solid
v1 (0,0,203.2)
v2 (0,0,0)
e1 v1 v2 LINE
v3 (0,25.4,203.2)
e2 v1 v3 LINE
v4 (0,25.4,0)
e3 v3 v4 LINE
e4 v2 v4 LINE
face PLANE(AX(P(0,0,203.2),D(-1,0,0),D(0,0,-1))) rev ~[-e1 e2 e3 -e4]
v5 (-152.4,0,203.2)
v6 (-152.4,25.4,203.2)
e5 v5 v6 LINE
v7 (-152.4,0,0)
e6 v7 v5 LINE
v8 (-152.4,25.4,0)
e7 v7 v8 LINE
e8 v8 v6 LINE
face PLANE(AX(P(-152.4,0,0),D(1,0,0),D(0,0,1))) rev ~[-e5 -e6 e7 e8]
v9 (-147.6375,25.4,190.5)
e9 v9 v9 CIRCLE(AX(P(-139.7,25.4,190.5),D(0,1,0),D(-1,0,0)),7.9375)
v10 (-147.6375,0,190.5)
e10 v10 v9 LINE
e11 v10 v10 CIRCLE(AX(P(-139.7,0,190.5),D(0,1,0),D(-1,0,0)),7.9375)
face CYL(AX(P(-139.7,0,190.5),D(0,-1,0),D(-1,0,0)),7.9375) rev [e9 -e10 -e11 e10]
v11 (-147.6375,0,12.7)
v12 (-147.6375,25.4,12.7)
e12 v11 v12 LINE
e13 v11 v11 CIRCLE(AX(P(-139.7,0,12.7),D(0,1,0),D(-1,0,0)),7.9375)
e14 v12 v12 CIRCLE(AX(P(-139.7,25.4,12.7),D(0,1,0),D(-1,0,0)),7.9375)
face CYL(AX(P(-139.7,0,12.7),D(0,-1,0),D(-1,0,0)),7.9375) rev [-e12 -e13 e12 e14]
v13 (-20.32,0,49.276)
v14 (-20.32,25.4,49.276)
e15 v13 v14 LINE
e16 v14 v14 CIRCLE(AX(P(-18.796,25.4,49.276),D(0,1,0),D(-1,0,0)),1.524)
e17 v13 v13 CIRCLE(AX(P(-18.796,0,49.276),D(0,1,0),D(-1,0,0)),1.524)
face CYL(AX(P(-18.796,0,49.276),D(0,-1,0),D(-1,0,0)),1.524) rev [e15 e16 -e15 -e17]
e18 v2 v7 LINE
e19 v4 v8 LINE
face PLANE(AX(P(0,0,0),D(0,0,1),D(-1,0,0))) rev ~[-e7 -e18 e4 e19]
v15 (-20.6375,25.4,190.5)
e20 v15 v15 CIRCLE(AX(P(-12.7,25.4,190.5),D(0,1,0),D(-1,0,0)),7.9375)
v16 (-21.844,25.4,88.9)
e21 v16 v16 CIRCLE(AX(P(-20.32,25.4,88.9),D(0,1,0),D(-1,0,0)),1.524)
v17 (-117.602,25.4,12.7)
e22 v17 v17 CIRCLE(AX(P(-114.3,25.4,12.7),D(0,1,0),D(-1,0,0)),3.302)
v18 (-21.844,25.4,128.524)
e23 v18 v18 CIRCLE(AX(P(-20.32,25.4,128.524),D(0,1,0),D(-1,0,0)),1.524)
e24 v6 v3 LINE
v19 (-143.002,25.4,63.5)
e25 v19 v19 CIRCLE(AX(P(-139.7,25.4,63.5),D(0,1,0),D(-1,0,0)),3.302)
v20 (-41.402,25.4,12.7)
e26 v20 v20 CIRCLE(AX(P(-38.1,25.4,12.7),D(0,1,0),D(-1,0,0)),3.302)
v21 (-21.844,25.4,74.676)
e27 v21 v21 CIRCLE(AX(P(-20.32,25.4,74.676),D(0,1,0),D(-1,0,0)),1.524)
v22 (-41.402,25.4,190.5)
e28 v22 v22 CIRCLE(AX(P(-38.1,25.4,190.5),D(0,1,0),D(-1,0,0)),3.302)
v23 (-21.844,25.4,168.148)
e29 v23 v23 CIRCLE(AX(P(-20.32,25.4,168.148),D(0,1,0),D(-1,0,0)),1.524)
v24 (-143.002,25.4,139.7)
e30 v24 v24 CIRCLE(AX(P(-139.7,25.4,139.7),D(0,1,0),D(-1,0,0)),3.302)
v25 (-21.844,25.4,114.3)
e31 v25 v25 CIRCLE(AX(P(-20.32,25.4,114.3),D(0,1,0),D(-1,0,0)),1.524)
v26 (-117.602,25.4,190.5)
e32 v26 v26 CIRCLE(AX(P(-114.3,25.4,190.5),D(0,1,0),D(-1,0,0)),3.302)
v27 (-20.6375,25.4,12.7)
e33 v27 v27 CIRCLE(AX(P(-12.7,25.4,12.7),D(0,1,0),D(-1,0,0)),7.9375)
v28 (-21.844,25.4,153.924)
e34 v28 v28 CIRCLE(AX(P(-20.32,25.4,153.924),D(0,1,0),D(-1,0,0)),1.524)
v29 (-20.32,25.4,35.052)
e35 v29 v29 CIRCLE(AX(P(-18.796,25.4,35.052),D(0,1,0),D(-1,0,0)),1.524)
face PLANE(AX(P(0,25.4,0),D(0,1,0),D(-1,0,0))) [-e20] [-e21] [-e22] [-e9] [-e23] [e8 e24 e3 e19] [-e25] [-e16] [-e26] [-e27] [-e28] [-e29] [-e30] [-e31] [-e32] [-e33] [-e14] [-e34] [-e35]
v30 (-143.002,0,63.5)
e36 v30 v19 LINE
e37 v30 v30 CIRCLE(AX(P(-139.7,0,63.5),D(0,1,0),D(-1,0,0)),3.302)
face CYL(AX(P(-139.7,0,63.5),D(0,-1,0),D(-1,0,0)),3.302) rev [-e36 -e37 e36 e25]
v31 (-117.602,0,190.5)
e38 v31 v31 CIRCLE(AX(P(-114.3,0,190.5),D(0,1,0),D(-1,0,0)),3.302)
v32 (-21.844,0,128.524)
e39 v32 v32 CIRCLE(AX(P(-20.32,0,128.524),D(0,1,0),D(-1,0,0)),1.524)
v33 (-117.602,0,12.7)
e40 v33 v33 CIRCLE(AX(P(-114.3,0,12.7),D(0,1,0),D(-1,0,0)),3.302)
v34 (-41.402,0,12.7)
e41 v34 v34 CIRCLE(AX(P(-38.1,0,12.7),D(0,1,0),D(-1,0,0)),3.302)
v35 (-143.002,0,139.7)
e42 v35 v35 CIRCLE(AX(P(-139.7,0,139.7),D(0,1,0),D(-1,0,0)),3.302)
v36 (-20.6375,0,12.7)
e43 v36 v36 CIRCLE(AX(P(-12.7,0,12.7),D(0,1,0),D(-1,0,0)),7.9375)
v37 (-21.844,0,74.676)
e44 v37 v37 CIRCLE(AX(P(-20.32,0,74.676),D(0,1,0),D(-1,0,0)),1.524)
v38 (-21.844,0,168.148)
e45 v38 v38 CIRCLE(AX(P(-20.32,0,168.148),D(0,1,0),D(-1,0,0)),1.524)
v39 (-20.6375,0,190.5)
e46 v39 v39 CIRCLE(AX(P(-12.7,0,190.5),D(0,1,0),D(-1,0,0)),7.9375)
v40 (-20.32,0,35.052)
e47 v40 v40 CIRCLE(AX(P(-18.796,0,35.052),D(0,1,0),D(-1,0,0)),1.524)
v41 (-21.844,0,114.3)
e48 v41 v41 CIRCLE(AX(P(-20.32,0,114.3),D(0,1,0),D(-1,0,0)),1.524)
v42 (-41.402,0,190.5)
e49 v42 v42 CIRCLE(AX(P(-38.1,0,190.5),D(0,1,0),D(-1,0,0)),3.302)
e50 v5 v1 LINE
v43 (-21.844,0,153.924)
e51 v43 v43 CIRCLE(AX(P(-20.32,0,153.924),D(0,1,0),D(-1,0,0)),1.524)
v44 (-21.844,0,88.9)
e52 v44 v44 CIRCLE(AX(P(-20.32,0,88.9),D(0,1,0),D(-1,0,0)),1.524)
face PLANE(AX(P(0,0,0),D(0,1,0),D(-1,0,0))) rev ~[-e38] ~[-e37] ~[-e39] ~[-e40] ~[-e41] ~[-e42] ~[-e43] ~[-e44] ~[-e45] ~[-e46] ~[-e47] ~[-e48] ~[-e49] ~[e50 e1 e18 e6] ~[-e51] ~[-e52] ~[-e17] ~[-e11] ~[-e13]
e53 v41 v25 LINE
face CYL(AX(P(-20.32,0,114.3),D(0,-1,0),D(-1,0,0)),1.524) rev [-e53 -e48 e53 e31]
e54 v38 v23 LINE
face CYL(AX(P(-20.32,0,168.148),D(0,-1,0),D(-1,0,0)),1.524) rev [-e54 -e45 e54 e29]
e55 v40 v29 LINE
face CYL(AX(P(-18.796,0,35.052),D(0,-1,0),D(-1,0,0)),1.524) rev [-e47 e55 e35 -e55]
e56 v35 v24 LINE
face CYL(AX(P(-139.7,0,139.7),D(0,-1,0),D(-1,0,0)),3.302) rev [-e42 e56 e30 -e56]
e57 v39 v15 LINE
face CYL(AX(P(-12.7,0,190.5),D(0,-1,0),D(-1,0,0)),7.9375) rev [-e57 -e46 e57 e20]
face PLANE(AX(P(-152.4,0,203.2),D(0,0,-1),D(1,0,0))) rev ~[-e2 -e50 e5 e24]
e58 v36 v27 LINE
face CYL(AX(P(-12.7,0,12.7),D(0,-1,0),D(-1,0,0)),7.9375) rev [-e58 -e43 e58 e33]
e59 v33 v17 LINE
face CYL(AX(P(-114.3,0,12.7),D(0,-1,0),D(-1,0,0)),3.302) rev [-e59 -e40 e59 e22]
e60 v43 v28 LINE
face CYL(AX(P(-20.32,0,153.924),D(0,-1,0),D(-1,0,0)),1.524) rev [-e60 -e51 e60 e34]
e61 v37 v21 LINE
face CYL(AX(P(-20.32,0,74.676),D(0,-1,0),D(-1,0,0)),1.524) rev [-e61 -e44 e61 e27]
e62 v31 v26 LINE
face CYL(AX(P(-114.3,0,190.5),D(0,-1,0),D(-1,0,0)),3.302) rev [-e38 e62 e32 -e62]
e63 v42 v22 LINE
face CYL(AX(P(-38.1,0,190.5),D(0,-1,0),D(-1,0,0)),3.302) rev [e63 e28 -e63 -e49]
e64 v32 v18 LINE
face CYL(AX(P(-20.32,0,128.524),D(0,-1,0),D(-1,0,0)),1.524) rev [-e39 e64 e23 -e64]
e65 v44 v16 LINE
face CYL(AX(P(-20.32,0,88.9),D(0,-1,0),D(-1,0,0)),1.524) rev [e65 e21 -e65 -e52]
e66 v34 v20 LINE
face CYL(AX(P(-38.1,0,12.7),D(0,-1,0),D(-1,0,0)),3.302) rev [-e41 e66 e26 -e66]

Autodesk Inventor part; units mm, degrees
ref_plane "YZ Plane" through (0, 0, 0) normal (1, 0, 0) x (0, 1, 0)
ref_plane "XZ Plane" through (0, 0, 0) normal (0, 1, 0) x (-1, 0, 0)
ref_plane "XY Plane" through (0, 0, 0) normal (0, 0, 1) x (1, 0, 0)
sketch "Sketch1" plane through (0, 0, 0) normal (0, 1, 0) x (-1, 0, 0)
  line L0 (0, 0) -> (152.4, 0)
  line L1 (152.4, 0) -> (152.4, 203.2)
  line L2 (152.4, 203.2) -> (0, 203.2)
  line L3 (0, 203.2) -> (0, 0)
  circle A0 centre (12.7, 190.5) radius 7.9375
  circle A1 centre (139.7, 190.5) radius 7.9375
  circle A2 centre (139.7, 12.7) radius 7.9375
  circle A3 centre (12.7, 12.7) radius 7.9375
  circle A4 centre (114.3, 190.5) radius 3.302
  circle A5 centre (38.1, 190.5) radius 3.302
  circle A6 centre (114.3, 12.7) radius 3.302
  circle A7 centre (38.1, 12.7) radius 3.302
  circle A8 centre (139.7, 139.7) radius 3.302
  circle A9 centre (139.7, 63.5) radius 3.302
  circle A10 centre (20.32, 168.148) radius 1.524
  circle A11 centre (20.32, 153.924) radius 1.524
  circle A12 centre (20.32, 128.524) radius 1.524
  circle A13 centre (20.32, 114.3) radius 1.524
  circle A14 centre (20.32, 88.9) radius 1.524
  circle A15 centre (20.32, 74.676) radius 1.524
  circle A16 centre (18.796, 49.276) radius 1.524
  circle A17 centre (18.796, 35.052) radius 1.524
  dimension "d0" = 152.4
  dimension "d1" = 203.2
  dimension "d40" = 15.875
  dimension "d41" = 15.875
  dimension "d42" = 15.875
  dimension "d43" = 15.875
  dimension "d44" = 12.7
  dimension "d45" = 12.7
  dimension "d46" = 12.7
  dimension "d47" = 12.7
  dimension "d48" = 12.7
  dimension "d49" = 12.7
  dimension "d50" = 12.7
  dimension "d51" = 12.7
  dimension "d52" = 177.8
  dimension "d53" = 127
  dimension "d54" = 6.604
  dimension "d55" = 6.604
  dimension "d56" = 25.4
  dimension "d57" = 25.4
  dimension "d58" = 12.7
  dimension "d59" = 12.7
  dimension "d60" = 6.604
  dimension "d61" = 6.604
  dimension "d62" = 12.7
  dimension "d63" = 12.7
  dimension "d64" = 25.4
  dimension "d65" = 25.4
  dimension "d66" = 6.604
  dimension "d67" = 6.604
  dimension "d68" = 50.8
  dimension "d69" = 50.8
  dimension "d70" = 12.7
  dimension "d71" = 12.7
  dimension "d72" = 3.048
  dimension "d73" = 3.048
  dimension "d74" = 3.048
  dimension "d75" = 3.048
  dimension "d76" = 3.048
  dimension "d77" = 3.048
  dimension "d78" = 20.32
  dimension "d79" = 20.32
  dimension "d80" = 20.32
  dimension "d81" = 20.32
  dimension "d82" = 20.32
  dimension "d83" = 20.32
  dimension "d84" = 22.352
  dimension "d85" = 14.224
  dimension "d86" = 25.4
  dimension "d87" = 14.224
  dimension "d88" = 25.4
  dimension "d89" = 14.224
  dimension "d90" = 3.048
  dimension "d91" = 3.048
  dimension "d92" = 25.4
  dimension "d93" = 14.224
extrude "Extrusion2" add sketch "Sketch1" along normal blind 25.4
properties part number "CasingBottomWithSlots"
